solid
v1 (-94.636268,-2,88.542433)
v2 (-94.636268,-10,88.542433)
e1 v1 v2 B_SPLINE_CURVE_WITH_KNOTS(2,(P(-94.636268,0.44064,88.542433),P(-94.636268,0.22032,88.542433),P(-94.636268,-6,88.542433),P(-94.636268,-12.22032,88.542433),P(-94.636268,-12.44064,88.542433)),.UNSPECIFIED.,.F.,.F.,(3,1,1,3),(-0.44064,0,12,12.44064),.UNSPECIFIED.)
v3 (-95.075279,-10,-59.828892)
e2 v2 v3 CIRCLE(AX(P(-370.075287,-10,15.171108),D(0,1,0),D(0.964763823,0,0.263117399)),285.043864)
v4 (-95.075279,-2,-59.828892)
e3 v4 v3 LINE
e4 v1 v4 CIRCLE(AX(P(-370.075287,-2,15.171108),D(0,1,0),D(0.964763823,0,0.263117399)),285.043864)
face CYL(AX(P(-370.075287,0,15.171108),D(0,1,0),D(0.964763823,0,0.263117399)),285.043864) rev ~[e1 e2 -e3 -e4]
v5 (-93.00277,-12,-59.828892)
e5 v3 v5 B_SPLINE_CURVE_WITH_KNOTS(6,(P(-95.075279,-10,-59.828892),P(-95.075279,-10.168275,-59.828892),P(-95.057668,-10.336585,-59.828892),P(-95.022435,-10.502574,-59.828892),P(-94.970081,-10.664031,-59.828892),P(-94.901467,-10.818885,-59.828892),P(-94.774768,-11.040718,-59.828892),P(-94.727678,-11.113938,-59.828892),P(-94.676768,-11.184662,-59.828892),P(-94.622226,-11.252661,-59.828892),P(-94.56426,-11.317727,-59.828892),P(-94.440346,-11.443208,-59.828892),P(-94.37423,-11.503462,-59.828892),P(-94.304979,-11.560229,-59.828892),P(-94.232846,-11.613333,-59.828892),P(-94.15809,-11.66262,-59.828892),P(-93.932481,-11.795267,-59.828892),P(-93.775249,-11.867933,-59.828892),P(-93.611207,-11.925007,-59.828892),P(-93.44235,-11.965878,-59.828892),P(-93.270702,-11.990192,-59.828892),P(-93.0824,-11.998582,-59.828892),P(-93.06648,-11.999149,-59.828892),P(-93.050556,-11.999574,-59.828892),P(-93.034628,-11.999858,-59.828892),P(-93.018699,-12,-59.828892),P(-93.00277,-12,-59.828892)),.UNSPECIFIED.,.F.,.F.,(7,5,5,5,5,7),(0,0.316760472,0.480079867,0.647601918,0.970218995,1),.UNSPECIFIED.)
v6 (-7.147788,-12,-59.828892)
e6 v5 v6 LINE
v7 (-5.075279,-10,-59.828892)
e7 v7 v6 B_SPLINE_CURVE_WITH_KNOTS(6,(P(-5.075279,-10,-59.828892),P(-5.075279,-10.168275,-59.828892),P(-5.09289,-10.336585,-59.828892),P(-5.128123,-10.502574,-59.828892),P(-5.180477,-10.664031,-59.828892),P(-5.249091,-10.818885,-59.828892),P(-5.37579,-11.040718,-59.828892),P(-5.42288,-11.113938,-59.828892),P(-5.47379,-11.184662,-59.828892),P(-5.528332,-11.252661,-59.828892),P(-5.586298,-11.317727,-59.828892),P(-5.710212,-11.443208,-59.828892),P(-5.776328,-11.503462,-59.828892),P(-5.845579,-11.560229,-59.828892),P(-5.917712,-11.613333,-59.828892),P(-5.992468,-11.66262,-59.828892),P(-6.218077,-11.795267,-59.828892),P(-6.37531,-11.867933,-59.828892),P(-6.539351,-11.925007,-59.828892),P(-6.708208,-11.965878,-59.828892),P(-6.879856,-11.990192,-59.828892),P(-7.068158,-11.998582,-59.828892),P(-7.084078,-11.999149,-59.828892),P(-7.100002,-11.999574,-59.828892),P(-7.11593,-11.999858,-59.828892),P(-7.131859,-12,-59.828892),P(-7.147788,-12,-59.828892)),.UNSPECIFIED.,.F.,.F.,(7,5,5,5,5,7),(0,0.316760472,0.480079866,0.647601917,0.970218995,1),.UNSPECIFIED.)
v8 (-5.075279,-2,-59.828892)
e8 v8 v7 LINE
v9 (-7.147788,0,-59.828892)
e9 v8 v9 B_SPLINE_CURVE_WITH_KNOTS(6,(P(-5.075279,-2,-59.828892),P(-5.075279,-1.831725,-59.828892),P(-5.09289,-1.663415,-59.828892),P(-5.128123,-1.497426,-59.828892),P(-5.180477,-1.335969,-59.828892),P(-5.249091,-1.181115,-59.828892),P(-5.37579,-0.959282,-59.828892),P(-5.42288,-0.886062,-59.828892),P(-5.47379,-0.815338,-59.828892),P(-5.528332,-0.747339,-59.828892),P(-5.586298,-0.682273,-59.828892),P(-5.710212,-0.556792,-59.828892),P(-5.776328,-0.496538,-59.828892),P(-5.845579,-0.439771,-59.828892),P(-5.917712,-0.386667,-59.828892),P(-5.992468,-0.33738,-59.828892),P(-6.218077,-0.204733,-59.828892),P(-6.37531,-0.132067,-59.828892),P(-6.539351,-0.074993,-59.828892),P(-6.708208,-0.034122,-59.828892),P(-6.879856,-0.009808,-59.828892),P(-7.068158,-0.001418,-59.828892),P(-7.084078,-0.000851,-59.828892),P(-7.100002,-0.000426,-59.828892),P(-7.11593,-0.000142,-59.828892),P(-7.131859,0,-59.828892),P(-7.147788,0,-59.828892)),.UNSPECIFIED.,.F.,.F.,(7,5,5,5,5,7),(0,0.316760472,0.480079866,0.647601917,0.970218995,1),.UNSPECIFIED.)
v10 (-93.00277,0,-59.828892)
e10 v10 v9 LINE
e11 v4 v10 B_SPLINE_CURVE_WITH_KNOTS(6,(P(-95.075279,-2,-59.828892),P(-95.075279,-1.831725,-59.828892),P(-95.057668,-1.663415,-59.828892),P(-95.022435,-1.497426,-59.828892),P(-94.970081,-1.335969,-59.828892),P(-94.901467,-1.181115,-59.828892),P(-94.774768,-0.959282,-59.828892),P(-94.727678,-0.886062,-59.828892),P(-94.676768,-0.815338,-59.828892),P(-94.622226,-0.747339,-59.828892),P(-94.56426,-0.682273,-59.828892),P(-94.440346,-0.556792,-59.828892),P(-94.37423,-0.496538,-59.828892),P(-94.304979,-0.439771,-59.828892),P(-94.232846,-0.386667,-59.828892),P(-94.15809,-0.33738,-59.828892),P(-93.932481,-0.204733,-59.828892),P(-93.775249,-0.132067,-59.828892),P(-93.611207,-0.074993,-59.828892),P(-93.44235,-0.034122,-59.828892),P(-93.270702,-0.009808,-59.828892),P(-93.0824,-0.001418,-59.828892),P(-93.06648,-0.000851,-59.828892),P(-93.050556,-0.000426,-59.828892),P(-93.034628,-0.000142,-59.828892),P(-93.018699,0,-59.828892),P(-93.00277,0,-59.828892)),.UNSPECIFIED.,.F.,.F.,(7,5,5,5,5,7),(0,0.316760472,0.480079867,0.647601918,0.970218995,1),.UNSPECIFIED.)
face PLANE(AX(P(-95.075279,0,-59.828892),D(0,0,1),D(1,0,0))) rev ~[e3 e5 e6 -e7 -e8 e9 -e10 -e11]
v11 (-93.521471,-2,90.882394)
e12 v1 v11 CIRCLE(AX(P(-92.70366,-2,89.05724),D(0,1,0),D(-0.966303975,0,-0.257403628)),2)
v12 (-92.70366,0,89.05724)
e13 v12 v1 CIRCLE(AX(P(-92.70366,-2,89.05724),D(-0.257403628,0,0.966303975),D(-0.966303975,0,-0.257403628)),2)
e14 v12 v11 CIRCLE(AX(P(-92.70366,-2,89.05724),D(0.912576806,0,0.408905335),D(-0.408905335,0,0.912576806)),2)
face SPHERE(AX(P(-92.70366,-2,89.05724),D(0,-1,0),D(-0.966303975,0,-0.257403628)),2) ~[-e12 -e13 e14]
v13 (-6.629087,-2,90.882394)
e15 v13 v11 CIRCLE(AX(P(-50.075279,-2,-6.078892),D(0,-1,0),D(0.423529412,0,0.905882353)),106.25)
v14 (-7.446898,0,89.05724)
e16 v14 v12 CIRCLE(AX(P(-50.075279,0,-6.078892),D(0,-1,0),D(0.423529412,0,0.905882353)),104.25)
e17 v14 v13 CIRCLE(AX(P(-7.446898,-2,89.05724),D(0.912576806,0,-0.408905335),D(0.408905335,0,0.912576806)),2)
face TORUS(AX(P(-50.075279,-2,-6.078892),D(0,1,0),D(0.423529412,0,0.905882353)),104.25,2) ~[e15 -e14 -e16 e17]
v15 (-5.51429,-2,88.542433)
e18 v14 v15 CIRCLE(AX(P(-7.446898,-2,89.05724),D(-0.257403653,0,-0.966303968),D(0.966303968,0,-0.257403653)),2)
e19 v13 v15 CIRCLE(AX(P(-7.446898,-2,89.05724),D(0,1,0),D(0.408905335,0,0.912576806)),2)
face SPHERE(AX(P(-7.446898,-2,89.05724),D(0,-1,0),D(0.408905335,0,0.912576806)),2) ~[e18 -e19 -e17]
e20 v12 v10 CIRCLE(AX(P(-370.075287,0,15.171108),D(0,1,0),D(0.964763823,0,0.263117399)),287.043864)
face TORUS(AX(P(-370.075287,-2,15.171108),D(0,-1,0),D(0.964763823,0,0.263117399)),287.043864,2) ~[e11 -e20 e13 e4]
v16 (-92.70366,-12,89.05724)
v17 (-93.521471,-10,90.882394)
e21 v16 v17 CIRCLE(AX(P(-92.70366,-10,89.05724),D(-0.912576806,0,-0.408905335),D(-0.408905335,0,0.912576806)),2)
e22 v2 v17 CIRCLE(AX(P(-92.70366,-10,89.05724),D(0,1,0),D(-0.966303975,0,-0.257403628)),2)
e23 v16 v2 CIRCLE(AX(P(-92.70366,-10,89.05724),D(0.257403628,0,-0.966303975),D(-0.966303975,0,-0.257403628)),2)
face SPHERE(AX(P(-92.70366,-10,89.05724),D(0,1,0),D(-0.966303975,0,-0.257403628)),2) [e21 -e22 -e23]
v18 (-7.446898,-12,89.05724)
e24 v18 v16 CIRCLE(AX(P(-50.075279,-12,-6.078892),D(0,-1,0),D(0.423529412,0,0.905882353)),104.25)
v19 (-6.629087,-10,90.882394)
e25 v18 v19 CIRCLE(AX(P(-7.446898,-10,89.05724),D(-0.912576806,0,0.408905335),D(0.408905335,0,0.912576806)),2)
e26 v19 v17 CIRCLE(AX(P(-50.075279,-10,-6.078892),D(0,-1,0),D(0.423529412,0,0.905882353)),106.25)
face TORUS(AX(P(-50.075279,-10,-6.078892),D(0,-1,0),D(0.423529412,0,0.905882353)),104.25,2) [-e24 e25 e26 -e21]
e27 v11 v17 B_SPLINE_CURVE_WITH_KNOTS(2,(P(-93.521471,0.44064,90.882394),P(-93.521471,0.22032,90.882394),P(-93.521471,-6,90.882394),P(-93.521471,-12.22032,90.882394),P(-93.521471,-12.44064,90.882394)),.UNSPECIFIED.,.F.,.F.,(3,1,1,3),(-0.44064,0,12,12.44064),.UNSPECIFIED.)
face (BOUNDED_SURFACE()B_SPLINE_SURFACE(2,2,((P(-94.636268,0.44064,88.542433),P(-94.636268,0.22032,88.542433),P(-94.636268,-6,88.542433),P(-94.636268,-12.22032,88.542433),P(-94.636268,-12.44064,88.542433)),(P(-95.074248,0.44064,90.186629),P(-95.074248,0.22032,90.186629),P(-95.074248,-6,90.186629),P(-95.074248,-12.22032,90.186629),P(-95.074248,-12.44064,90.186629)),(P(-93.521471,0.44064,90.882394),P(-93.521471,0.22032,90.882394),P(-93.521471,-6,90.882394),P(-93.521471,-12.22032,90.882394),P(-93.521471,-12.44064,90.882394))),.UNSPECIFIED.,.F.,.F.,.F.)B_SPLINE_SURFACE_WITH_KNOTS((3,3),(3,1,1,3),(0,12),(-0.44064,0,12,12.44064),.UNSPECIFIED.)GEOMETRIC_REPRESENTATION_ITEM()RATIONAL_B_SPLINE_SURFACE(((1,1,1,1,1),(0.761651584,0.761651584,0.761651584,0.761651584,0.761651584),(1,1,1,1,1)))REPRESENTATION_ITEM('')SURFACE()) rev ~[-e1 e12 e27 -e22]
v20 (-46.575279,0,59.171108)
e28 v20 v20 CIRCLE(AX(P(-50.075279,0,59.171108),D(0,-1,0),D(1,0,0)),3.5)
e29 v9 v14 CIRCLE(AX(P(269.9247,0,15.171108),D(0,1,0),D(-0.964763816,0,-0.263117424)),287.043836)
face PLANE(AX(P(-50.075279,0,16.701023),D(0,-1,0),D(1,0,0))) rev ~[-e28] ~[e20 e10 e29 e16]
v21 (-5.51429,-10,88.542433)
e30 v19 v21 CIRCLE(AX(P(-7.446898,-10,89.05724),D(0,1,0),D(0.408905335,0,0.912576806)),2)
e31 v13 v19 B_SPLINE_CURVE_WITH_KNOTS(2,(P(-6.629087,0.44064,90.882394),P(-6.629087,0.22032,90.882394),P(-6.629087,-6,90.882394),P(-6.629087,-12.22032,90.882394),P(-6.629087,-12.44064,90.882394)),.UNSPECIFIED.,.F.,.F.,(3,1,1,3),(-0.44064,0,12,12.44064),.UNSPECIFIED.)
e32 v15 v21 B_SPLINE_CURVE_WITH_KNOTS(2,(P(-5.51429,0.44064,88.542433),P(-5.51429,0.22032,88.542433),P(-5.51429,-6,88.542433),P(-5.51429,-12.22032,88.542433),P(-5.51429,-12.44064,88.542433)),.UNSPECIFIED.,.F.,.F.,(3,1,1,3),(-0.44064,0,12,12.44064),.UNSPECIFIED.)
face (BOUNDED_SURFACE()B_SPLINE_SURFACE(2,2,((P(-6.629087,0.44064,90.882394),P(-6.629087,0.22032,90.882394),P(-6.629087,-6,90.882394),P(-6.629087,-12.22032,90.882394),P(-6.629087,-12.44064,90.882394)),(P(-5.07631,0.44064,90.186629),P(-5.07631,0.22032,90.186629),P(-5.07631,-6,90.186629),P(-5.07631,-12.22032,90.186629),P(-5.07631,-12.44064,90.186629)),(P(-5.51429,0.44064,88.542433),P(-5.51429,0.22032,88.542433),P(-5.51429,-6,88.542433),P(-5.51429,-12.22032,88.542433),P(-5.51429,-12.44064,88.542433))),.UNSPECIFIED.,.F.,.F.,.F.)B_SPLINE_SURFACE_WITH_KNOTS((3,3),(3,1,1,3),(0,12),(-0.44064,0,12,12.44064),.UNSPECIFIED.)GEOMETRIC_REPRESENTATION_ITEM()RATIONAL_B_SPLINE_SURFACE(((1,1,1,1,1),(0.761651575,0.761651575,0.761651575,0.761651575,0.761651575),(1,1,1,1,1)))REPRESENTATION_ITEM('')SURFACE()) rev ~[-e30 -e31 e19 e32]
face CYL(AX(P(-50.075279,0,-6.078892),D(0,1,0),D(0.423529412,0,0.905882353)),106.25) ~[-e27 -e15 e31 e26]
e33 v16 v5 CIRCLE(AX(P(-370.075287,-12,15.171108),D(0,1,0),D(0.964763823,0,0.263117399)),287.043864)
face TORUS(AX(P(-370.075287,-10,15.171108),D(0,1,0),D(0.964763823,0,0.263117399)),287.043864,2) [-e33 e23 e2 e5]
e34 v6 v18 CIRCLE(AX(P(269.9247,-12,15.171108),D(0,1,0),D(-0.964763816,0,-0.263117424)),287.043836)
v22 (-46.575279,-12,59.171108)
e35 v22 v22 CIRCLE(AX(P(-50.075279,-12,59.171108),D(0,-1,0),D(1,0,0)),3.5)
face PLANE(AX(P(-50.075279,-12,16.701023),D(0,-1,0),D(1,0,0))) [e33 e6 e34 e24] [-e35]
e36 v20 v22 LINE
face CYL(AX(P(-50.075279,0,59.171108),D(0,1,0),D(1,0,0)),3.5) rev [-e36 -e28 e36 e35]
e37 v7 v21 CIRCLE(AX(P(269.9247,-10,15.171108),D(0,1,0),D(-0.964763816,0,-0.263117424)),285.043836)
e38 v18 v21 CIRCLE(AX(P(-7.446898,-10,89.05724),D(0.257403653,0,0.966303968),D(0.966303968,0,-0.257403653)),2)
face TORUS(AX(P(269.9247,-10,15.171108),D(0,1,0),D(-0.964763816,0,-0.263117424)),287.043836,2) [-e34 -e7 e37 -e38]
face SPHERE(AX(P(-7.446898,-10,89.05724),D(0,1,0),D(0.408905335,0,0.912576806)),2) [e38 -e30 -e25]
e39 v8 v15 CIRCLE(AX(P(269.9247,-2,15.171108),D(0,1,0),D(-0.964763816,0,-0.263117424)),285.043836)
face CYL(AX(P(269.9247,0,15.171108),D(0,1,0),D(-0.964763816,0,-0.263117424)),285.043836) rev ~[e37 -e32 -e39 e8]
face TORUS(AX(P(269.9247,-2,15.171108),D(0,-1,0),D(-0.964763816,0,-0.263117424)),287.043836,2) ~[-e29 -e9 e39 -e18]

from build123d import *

# Parameters (mm, degrees)
F0_R     = 3.5
F1_DEPTH = 12
F2_R     = 2


with BuildPart() as f1:
    # F0 (on Front) → F1 (new body)
    with BuildSketch(Plane.XZ):
        with BuildLine():
            ThreePointArc((-95.075279, 90.171108), (-85.031423, 15.171108), (-95.075279, -59.828892))
            Line((-95.075279, -59.828892), (-5.075279, -59.828892))
            ThreePointArc((-5.075279, -59.828892), (-15.119136, 15.171108), (-5.075279, 90.171108))
            ThreePointArc((-5.075279, 90.171108), (-50.075279, 100.171108), (-95.075279, 90.171108))
        make_face()
        with Locations((-50.075279, 59.171108)):
            Circle(F0_R, mode=Mode.SUBTRACT)
    extrude(amount=F1_DEPTH)

    # F2
    f2_edges = [f1.edges().sort_by_distance(p)[0] for p in [
        (-50.075279, -12, 100.171108),
        (-50.075279, 0, 100.171108),
        (-15.119136, -12, 15.171108),
        (-15.119136, 0, 15.171108),
        (-5.075279, -6, 90.171108),
        (-95.075279, -6, 90.171108),
        (-85.031423, 0, 15.171108),
        (-85.031423, -12, 15.171108),
    ]]
    fillet(f2_edges, radius=F2_R)


solid = f1.part
